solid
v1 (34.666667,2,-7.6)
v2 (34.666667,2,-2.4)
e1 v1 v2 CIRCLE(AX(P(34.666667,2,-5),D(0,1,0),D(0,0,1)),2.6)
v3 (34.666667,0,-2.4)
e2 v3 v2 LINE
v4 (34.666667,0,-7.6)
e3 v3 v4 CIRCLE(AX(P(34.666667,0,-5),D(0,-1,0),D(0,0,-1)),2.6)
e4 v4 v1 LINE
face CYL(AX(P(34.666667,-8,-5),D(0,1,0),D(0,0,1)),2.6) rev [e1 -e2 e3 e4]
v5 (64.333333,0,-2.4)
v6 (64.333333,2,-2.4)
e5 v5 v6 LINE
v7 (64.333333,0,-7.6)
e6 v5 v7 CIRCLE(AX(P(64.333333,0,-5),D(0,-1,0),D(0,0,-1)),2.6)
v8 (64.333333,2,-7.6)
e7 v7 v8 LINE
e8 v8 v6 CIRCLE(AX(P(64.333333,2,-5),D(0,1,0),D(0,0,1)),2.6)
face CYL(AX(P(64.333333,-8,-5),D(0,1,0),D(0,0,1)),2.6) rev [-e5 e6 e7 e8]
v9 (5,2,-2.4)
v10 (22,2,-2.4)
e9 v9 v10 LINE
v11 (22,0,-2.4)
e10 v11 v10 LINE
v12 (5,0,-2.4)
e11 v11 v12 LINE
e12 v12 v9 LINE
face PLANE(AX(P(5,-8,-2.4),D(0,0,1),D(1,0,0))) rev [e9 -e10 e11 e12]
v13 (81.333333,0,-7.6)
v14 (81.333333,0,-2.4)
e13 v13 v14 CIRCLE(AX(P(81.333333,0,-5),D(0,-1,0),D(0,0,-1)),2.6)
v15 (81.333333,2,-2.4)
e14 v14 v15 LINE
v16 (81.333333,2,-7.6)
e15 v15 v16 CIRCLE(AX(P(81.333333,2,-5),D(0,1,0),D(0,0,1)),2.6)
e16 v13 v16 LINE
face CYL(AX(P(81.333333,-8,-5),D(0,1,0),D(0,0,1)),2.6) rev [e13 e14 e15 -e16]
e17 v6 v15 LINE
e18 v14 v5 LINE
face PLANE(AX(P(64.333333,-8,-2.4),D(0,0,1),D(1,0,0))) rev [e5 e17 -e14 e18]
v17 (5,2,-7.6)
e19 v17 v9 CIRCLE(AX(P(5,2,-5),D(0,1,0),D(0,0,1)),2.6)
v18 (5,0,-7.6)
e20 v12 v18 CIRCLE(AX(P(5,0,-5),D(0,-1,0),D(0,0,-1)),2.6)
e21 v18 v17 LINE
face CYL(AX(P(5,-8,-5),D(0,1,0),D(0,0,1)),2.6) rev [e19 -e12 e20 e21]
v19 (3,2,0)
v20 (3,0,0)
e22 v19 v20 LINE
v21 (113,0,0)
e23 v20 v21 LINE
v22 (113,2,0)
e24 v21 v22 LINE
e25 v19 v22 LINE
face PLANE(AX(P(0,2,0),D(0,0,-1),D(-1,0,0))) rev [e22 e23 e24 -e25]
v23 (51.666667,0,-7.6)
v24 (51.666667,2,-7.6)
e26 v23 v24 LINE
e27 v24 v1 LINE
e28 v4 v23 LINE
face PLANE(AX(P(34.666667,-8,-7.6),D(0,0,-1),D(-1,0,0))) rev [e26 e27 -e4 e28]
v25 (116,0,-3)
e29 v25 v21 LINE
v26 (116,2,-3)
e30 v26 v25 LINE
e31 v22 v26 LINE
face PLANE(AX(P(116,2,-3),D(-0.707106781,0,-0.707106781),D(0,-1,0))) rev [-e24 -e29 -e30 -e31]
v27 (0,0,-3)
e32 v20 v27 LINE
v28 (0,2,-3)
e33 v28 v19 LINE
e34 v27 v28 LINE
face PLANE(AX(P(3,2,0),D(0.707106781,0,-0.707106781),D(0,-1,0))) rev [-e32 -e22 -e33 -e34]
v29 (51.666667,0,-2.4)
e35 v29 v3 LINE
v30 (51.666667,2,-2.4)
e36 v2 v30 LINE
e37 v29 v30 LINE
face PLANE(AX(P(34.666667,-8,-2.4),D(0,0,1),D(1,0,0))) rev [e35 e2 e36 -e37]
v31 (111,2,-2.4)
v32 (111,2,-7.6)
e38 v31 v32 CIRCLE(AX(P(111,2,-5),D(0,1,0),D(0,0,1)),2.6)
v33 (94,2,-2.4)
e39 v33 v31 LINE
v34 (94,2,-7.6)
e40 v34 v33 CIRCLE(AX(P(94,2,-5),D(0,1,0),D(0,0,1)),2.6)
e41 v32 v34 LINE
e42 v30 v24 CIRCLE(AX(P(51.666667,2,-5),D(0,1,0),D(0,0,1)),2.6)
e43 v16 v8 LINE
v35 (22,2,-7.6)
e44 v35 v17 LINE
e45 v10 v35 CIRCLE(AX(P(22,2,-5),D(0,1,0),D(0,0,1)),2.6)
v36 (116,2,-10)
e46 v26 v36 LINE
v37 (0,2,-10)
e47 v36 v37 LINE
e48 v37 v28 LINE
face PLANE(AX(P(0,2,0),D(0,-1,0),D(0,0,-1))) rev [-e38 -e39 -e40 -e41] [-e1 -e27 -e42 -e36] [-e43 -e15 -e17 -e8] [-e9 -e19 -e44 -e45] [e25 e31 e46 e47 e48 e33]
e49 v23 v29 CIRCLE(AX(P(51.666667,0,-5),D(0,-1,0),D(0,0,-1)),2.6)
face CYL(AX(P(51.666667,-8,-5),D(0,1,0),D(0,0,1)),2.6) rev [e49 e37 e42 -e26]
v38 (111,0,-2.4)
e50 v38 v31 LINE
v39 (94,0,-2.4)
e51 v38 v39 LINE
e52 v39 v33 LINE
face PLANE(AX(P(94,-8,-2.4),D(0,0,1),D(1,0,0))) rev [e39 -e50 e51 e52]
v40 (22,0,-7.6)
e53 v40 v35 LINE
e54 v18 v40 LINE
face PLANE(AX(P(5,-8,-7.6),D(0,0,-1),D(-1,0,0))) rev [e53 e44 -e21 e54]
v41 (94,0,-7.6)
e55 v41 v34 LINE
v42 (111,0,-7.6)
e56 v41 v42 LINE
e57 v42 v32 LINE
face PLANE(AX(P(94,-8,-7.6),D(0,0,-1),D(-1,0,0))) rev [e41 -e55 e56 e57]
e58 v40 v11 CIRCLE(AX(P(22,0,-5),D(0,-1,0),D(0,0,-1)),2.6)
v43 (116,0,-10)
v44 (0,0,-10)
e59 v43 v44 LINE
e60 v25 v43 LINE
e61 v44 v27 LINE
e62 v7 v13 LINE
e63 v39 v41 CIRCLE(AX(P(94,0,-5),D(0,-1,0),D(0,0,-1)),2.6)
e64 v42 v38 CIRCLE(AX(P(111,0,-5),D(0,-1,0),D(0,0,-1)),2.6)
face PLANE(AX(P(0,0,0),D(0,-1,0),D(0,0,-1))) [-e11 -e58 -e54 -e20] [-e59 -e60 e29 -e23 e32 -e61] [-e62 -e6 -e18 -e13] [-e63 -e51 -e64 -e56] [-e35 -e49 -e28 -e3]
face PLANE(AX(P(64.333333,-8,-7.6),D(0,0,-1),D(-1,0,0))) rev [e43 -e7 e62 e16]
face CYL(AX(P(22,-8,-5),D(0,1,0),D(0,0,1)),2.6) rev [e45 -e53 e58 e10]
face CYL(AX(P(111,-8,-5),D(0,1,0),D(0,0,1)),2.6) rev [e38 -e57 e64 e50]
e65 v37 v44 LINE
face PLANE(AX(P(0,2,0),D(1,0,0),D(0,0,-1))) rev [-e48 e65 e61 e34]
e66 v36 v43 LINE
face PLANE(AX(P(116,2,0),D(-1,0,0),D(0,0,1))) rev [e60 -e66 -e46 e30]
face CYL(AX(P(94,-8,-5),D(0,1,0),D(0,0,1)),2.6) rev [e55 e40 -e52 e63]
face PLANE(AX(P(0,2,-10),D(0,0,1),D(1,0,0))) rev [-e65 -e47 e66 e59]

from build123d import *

# Parameters (mm, degrees)
SKETCH_1_W          = 116
SKETCH_1_H          = 10
EXTRUDE_1_DEPTH     = 2
CUT_EXTRUDE_1_DEPTH = 10
CHAMFER_1_SIZE      = 3


with BuildPart() as part:
    # 스케치1 → 보스-돌출1 (new body)
    with BuildSketch(Plane(origin=(0, 0, 0), x_dir=(1, 0, 0), z_dir=(0, 1, 0))):
        with Locations((58, 5)):
            Rectangle(SKETCH_1_W, SKETCH_1_H)
    extrude(amount=EXTRUDE_1_DEPTH)

    # 스케치2 → 컷-돌출1 (cut)
    with BuildSketch(Plane(origin=(0, 2, 0), x_dir=(1, 0, 0), z_dir=(0, 1, 0))):
        with BuildLine():
            Line((5, 7.6), (22, 7.6))
            ThreePointArc((22, 7.6), (24.6, 5), (22, 2.4))
            Line((22, 2.4), (5, 2.4))
            ThreePointArc((5, 2.4), (2.4, 5), (5, 7.6))
        make_face()
        with BuildLine():
            Line((34.666666667, 7.6), (51.666666667, 7.6))
            ThreePointArc((51.666666667, 7.6), (54.266666667, 5), (51.666666667, 2.4))
            Line((51.666666667, 2.4), (34.666666667, 2.4))
            ThreePointArc((34.666666667, 2.4), (32.066666667, 5), (34.666666667, 7.6))
        make_face()
        with BuildLine():
            Line((64.333333333, 7.6), (81.333333333, 7.6))
            ThreePointArc((81.333333333, 7.6), (83.933333333, 5), (81.333333333, 2.4))
            Line((81.333333333, 2.4), (64.333333333, 2.4))
            ThreePointArc((64.333333333, 2.4), (61.733333333, 5), (64.333333333, 7.6))
        make_face()
        with BuildLine():
            Line((94, 7.6), (111, 7.6))
            ThreePointArc((111, 7.6), (113.6, 5), (111, 2.4))
            Line((111, 2.4), (94, 2.4))
            ThreePointArc((94, 2.4), (91.4, 5), (94, 7.6))
        make_face()
    extrude(amount=-CUT_EXTRUDE_1_DEPTH, mode=Mode.SUBTRACT)

    # 모따기1
    chamfer_1_edges = [part.edges().sort_by_distance(p)[0] for p in [
        (116, 1, 0),
        (0, 1, 0),
    ]]
    chamfer(chamfer_1_edges, length=CHAMFER_1_SIZE)


solid = part.part
